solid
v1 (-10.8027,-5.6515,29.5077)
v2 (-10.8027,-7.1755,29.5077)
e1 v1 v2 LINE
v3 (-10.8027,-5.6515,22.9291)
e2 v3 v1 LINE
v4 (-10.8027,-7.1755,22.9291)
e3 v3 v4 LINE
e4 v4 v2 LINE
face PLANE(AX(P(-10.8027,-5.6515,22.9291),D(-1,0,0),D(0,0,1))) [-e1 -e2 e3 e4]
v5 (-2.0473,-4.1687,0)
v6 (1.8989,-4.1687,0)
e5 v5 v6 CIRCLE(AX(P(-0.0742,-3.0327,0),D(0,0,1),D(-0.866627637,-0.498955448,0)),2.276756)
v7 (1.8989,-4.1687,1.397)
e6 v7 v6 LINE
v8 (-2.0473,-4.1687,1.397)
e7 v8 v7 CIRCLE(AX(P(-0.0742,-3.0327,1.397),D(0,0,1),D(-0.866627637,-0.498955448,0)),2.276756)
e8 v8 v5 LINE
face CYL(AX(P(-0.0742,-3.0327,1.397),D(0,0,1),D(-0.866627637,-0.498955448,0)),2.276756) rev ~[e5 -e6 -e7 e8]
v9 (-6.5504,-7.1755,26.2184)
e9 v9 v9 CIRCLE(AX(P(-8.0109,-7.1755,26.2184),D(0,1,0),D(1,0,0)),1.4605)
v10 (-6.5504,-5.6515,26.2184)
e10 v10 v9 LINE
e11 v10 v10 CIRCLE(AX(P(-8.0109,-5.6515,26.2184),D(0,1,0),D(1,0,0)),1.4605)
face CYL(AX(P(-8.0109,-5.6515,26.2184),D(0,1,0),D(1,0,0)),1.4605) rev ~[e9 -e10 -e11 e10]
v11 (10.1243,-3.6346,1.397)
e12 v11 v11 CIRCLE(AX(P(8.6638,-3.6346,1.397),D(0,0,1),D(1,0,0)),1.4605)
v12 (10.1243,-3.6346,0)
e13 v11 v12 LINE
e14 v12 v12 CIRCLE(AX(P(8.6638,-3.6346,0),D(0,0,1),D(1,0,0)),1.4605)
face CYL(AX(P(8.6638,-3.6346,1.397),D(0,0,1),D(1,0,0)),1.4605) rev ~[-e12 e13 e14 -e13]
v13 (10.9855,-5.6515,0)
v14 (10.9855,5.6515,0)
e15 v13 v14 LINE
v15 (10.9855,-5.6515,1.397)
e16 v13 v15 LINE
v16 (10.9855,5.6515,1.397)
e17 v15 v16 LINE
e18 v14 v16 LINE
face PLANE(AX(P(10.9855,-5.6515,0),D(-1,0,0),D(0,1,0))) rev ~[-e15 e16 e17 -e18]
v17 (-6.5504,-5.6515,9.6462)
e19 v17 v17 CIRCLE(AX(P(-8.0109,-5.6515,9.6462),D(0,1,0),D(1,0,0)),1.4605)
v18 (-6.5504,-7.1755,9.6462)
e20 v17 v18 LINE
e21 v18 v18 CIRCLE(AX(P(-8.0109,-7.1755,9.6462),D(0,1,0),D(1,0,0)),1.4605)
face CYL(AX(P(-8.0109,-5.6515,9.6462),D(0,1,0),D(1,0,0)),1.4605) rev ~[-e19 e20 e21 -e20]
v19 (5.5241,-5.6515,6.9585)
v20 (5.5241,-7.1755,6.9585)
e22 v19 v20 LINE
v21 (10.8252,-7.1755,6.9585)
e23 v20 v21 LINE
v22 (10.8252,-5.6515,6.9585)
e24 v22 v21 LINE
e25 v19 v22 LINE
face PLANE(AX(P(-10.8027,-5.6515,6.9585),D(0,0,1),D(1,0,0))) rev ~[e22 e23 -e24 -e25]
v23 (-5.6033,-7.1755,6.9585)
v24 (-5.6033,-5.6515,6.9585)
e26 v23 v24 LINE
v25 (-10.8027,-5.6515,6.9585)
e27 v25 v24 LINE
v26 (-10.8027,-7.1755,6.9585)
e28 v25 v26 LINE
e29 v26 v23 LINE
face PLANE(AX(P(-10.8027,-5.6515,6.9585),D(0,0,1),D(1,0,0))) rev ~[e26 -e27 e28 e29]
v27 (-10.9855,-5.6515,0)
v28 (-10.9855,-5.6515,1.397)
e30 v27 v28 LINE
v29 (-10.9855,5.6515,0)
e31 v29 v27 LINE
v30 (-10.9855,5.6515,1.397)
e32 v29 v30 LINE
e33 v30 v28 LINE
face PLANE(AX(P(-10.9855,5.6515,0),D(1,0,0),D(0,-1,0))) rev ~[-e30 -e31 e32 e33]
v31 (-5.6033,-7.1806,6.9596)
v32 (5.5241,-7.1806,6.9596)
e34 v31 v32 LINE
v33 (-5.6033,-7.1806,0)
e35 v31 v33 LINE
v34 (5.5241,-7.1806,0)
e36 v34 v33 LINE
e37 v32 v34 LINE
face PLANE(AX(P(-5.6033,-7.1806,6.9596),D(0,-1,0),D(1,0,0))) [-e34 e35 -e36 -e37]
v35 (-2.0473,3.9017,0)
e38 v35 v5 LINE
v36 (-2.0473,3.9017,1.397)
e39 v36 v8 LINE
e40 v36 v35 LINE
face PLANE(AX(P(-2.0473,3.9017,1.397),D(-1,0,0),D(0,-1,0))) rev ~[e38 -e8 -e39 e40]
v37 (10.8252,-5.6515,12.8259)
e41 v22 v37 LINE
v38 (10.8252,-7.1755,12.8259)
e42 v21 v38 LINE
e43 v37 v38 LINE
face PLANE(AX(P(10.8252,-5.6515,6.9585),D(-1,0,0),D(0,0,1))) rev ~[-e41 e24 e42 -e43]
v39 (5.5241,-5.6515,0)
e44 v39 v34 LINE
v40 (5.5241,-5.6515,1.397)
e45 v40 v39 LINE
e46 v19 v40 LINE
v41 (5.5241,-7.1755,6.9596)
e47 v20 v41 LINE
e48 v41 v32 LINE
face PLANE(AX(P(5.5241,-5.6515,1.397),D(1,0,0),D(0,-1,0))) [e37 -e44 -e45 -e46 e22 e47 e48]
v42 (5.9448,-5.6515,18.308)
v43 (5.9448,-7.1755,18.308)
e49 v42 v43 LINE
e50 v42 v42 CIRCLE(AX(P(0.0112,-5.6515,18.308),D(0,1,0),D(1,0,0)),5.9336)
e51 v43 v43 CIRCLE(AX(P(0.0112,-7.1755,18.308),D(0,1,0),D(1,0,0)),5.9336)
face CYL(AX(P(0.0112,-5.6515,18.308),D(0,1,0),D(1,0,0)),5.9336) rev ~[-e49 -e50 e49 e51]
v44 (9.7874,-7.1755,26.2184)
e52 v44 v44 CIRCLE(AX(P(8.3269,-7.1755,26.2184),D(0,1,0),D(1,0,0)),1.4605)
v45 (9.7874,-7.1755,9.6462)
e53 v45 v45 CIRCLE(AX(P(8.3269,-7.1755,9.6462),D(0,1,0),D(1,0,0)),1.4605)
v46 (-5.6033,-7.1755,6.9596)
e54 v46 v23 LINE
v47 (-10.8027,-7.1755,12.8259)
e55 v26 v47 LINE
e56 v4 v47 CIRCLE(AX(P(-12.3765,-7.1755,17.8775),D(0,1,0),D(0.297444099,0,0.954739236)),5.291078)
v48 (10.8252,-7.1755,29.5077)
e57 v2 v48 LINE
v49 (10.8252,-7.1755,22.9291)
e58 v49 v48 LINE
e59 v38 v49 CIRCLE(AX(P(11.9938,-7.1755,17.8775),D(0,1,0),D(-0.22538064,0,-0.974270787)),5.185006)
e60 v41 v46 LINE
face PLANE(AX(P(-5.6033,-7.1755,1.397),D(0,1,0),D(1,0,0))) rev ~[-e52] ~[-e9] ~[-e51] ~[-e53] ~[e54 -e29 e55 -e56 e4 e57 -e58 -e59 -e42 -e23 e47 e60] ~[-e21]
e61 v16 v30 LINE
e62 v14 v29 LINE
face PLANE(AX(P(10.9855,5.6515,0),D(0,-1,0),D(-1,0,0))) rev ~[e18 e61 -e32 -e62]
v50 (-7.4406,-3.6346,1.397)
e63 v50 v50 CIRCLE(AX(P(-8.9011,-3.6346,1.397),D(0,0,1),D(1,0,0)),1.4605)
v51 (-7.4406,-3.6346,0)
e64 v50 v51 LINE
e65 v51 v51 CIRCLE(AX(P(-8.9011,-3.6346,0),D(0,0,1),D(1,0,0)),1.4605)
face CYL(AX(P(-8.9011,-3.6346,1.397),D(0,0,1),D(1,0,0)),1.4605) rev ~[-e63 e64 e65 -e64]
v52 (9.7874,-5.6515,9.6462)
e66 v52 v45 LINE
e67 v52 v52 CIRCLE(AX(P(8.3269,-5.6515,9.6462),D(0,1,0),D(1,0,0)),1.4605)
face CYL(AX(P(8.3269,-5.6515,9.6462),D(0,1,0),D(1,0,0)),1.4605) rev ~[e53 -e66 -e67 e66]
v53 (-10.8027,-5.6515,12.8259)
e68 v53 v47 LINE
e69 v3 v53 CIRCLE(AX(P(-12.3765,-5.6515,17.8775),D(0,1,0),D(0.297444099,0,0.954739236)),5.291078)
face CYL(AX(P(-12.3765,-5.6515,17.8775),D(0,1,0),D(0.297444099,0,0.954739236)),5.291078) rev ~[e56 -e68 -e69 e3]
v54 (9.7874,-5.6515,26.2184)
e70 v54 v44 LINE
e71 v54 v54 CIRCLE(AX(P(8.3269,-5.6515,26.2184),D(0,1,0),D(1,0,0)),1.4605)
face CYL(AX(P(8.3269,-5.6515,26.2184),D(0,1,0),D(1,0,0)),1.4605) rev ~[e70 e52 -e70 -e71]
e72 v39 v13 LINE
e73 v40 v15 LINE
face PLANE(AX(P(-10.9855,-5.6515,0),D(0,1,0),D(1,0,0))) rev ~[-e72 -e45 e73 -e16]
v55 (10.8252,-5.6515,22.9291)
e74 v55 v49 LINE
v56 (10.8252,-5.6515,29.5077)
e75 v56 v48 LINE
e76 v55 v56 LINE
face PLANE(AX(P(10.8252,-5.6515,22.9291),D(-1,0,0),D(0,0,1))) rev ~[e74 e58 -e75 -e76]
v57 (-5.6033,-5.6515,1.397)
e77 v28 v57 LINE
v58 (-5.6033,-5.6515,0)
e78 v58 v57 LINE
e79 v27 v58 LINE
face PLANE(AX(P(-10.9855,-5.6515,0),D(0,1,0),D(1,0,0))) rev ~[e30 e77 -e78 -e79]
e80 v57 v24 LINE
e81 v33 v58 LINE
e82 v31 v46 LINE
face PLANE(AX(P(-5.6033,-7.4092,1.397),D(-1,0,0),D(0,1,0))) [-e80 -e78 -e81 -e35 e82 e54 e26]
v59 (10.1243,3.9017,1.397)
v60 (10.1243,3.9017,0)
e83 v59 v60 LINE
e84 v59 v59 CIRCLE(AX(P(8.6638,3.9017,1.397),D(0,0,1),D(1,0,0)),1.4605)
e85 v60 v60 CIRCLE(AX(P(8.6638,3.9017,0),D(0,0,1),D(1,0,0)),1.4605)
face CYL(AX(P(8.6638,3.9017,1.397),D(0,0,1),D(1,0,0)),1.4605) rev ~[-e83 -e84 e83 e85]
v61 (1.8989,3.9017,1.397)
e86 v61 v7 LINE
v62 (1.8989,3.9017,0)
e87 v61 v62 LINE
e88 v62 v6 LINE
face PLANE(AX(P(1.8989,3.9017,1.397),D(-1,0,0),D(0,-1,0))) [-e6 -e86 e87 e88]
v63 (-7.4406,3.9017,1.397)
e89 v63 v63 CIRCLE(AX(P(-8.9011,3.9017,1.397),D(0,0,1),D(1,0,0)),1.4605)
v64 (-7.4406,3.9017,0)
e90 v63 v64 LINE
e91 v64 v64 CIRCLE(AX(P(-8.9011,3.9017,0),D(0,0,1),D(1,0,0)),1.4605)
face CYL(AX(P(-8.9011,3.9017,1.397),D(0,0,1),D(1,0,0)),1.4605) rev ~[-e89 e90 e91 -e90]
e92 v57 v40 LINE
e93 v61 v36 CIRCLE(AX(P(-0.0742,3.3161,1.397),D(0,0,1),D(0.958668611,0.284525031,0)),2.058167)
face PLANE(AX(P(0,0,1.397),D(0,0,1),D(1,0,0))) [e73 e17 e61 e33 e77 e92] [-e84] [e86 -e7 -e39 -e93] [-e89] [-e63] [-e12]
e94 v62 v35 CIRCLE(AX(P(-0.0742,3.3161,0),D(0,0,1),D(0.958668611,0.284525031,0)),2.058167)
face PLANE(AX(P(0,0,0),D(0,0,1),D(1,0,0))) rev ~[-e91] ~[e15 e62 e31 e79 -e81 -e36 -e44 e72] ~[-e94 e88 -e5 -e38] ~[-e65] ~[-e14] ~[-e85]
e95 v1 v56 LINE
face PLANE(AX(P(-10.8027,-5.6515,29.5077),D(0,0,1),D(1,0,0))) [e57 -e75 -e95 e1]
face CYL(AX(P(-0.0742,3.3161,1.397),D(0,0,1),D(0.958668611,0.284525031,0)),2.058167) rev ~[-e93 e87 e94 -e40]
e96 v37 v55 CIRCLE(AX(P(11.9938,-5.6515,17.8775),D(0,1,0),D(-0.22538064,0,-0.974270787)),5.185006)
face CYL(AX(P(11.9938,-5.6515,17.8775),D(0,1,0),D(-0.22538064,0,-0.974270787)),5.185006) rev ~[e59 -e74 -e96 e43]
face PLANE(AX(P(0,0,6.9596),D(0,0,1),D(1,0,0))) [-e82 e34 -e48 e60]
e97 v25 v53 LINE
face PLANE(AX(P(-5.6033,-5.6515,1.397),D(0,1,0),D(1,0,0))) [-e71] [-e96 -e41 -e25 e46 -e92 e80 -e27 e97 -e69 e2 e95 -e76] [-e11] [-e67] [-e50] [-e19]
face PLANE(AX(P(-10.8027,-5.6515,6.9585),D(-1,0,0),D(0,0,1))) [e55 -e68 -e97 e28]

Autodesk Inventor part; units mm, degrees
ref_plane "YZ Plane" through (0, 0, 0) normal (1, 0, 0) x (0, 1, 0)
ref_plane "XZ Plane" through (0, 0, 0) normal (0, 1, 0) x (-1, 0, 0)
ref_plane "XY Plane" through (0, 0, 0) normal (0, 0, 1) x (1, 0, 0)
sketch "Sketch1" plane through (0, 0, 0) normal (0, 0, 1) x (1, 0, 0)
  line L0 (-10.9855, -5.6515) -> (10.9855, -5.6515)
  line L1 (10.9855, -5.6515) -> (10.9855, 5.6515)
  line L2 (10.9855, 5.6515) -> (-10.9855, 5.6515)
  line L3 (-10.9855, 5.6515) -> (-10.9855, -5.6515)
  line L4 (-10.9855, -5.6515) -> (10.9855, 5.6515) construction
  line L5 (10.9855, -5.6515) -> (-10.9855, 5.6515) construction
  point P0 (0, 0)
extrude "Extrusion1" add sketch "Sketch1" along normal blind 1.397
sketch "Sketch2" plane through (0, 0, 1.397) normal (0, 0, 1) x (1, 0, 0)
  circle A0 centre (-8.9011, 3.9017) radius 1.4605
  circle A1 centre (-8.9011, -3.6346) radius 1.4605
  circle A2 centre (8.6638, -3.6346) radius 1.4605
  circle A3 centre (8.6638, 3.9017) radius 1.4605
  line L0 (-2.0473, 3.9017) -> (-2.0473, -4.1687)
  line L1 (1.8989, 3.9017) -> (1.8989, -4.1687)
  arc A4 (1.8989, 3.9017) -> (-2.0473, 3.9017) centre (-0.0742, 3.3161) ccw
  arc A5 (-2.0473, -4.1687) -> (1.8989, -4.1687) centre (-0.0742, -3.0327) ccw
  point P0 (0, 0)
extrude "Extrusion2" cut sketch "Sketch2" against normal blind 25.4
sketch "Sketch3" plane through (0, 0, 0) normal (0, 1, 0) x (-1, 0, 0)
  point P0 (0, 0)
sketch "Sketch4" plane through (0, 0, 1.397) normal (0, 0, 1) x (1, 0, 0)
  line L0 (-2.0473, -4.1687) -> (-5.6033, -4.1687)
  line L1 (1.9681, -4.1687) -> (5.5241, -4.1687)
  line L2 (-10.9855, -5.6515) -> (10.9855, -5.6515) projected
  line L3 (-5.6033, -5.6515) -> (5.5241, -5.6515)
  line L4 (5.5241, -5.6515) -> (5.5241, -7.4092)
  line L5 (5.5241, -7.4092) -> (-5.6033, -7.4092)
  line L6 (-5.6033, -7.4092) -> (-5.6033, -5.6515)
  point P0 (0, 0)
  dimension "d11" = 3.556
  dimension "d12" = 3.556
extrude "Extrusion3" add sketch "Sketch4" along normal blind 5.5626 and the other way blind 1.397
sketch "Sketch6" plane through (-5.6033, -5.6515, 1.397) normal (0, 1, 0) x (1, 0, 0)
  line L0 (-5.1994, -5.5615) -> (-5.1994, -11.4289)
  line L1 (16.4285, -5.5615) -> (16.4285, -11.4289)
  arc A0 (-5.1994, -21.5321) -> (-5.1994, -11.4289) centre (-6.7732, -16.4805) ccw
  arc A1 (16.4285, -11.4289) -> (16.4285, -21.5321) centre (17.5971, -16.4805) ccw
  line L2 (16.4285, -21.5321) -> (16.4285, -28.1107)
  line L3 (-5.1994, -21.5321) -> (-5.1994, -28.1107)
  line L4 (-5.1994, -28.1107) -> (16.4285, -28.1107)
  circle A2 centre (5.6145, -16.911) radius 5.9336
  circle A3 centre (-2.4076, -8.2492) radius 1.4605
  circle A4 centre (13.9302, -8.2492) radius 1.4605
  circle A5 centre (-2.4076, -24.8214) radius 1.4605
  circle A6 centre (13.9302, -24.8214) radius 1.4605
  line L5 (-5.1994, -5.5615) -> (16.4285, -5.5615)
  point P0 (5.6033, 1.397)
  dimension "d20" = 2.921
  dimension "d21" = 2.921
  dimension "d22" = 2.921
  dimension "d23" = 2.921
extrude "Extrusion4" add sketch "Sketch6" against normal blind 1.524
sketch "Sketch8" plane through (-5.6033, -7.4092, 6.9596) normal (0, -1, 0) x (1, 0, 0)
  line L0 (11.1274, -5.5626) -> (11.1274, -6.9596) projected
  line L1 (0, 0) -> (0, -6.9596) projected
  line L2 (11.1274, -6.9596) -> (0, -6.9596)
  line L3 (0, -6.9596) -> (0, 0)
  line L4 (0, 0) -> (11.1274, 0)
  line L5 (11.1274, 0) -> (11.1274, -6.9596)
  point P0 (5.6033, -6.9596)
extrude "Extrusion5" cut sketch "Sketch8" against normal blind 0.2286
properties part number "motor mount"
